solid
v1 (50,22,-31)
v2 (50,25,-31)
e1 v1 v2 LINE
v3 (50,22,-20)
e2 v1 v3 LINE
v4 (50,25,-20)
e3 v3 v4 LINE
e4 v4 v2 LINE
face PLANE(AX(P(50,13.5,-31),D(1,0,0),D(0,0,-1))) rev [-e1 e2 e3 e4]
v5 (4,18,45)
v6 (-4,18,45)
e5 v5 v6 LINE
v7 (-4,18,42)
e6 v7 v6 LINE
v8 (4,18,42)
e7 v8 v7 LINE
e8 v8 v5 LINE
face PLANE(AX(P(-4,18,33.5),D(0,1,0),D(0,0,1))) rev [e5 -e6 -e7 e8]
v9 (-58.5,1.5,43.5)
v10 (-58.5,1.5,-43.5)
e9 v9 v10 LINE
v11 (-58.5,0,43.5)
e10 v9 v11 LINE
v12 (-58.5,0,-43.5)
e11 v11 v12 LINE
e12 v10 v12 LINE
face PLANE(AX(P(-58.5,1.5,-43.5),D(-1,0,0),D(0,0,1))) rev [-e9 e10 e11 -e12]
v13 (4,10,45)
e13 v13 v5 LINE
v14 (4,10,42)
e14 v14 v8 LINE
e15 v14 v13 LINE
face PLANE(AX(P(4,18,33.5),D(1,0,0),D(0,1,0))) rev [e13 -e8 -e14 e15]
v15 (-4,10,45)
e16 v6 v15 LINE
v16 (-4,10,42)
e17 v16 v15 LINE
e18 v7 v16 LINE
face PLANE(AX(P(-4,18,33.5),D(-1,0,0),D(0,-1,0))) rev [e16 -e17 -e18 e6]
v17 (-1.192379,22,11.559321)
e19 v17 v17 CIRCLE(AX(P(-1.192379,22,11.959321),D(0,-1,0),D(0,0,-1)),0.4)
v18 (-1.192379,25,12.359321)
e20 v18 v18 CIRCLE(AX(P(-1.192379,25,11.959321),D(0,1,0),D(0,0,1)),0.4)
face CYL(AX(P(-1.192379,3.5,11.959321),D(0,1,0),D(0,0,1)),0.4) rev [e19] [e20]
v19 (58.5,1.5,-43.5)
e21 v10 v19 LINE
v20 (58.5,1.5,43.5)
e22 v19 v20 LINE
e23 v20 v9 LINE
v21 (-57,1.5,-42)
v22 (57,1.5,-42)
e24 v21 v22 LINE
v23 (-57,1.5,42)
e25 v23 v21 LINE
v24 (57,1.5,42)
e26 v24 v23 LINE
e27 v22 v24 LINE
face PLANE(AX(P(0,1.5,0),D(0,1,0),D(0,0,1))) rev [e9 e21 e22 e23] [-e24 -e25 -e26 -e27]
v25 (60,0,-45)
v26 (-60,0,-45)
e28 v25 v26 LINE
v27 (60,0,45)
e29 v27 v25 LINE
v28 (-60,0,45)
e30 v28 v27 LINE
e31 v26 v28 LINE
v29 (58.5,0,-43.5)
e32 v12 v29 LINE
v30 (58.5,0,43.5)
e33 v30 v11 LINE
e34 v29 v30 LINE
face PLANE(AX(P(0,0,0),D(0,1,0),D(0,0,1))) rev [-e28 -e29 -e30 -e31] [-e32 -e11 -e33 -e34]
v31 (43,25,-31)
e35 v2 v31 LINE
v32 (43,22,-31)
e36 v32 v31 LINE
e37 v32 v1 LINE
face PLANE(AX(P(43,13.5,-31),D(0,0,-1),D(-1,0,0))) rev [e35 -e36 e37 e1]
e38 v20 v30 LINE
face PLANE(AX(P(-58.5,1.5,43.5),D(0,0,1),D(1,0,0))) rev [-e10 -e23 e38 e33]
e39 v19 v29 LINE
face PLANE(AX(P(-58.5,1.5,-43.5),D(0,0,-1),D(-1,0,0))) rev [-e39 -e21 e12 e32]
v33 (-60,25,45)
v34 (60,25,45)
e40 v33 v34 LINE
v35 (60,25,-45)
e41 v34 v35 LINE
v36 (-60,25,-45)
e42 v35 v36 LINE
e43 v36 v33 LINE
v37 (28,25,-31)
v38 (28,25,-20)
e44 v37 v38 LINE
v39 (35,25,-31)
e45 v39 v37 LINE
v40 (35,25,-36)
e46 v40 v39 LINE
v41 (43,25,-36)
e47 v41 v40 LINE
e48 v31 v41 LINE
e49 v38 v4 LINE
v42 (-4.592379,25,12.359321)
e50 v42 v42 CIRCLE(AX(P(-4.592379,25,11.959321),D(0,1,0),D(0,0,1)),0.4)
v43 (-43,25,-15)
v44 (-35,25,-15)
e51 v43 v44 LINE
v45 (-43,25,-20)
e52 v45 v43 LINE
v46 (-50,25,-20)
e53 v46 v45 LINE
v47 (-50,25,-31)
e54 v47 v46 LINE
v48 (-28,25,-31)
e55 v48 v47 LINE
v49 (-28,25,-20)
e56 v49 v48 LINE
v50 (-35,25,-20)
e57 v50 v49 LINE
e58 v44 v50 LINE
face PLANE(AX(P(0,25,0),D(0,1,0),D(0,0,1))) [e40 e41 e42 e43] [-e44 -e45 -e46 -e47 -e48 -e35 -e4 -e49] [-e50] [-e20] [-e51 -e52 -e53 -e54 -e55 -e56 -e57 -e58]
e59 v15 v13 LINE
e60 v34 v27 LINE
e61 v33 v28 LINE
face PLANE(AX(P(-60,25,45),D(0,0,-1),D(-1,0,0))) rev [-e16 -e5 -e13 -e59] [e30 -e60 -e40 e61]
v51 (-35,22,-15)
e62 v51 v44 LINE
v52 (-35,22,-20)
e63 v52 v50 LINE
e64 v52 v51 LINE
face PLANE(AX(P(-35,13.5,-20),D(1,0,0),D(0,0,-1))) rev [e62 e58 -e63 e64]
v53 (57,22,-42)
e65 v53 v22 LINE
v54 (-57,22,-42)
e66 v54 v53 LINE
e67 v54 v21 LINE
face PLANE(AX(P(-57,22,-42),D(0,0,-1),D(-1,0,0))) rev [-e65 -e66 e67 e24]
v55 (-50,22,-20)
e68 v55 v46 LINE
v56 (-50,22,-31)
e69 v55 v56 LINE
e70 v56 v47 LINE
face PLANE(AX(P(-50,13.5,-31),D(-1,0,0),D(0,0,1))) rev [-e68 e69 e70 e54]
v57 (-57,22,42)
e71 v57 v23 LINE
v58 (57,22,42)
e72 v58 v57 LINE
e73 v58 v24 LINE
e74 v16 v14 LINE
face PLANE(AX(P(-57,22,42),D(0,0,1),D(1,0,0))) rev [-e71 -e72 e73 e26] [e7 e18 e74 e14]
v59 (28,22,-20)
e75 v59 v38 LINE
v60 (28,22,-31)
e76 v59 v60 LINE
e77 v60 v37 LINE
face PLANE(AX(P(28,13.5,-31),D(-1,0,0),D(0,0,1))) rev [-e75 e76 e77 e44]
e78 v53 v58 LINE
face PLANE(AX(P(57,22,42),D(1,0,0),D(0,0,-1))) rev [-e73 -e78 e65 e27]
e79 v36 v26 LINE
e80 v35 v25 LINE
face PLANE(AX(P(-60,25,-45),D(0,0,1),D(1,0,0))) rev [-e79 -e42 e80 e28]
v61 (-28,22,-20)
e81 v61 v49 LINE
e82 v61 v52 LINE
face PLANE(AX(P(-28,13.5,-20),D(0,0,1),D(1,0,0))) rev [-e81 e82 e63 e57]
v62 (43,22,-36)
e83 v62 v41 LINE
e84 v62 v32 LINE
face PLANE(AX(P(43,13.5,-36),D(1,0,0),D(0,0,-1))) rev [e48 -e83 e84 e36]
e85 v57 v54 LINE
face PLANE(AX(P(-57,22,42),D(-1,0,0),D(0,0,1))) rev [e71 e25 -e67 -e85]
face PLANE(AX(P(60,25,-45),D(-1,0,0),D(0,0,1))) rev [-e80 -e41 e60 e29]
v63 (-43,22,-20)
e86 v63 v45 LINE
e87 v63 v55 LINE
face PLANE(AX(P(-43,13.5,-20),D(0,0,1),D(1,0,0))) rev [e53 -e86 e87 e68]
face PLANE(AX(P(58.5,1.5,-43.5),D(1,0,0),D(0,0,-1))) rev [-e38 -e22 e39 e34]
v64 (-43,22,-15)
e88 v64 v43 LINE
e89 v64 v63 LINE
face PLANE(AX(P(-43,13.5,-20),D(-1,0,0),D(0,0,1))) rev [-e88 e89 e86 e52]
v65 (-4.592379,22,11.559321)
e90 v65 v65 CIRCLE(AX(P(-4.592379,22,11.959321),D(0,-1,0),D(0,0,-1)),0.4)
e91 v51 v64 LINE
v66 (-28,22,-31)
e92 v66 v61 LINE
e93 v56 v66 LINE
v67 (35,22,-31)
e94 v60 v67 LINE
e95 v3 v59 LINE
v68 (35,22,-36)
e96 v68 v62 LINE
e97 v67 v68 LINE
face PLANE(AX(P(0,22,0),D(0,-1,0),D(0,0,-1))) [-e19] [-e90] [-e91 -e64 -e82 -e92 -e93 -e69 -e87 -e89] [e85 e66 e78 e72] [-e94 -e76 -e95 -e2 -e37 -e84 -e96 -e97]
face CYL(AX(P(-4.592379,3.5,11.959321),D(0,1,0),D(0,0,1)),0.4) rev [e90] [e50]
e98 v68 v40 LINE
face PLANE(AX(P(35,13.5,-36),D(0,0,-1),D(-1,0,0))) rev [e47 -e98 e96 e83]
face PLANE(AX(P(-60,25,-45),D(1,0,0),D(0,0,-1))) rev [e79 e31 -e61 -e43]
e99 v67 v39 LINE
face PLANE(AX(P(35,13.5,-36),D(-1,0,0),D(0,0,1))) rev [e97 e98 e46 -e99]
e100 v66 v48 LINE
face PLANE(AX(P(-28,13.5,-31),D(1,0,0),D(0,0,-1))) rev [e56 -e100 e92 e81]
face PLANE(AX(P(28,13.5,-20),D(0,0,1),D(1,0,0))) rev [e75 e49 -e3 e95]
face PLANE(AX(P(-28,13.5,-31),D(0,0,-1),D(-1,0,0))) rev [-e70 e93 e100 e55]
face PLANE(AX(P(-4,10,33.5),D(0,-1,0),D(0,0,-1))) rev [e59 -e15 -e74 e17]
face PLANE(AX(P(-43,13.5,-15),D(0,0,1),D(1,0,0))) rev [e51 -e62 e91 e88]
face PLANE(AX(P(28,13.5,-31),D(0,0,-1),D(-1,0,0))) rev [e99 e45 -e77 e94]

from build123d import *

# Parameters (mm, degrees)
SKETCH1_W           = 120
SKETCH1_H           = 90
BOSS_EXTRUDE1_DEPTH = 25
SKETCH2_W           = 114
SKETCH2_H           = 84
CUT_EXTRUDE1_DEPTH  = 22
SKETCH3_W           = 117
SKETCH3_H           = 87
CUT_EXTRUDE2_DEPTH  = 1.5
CUT_EXTRUDE3_DEPTH  = 11.5
SKETCH5_W           = 8
SKETCH5_H           = 8
CUT_EXTRUDE4_DEPTH  = 11.5
SKETCH6_R           = 0.4
CUT_EXTRUDE6_DEPTH  = 21.5


with BuildPart() as part:
    # Sketch1 → Boss-Extrude1 (new body)
    with BuildSketch(Plane(origin=(0, 0, 0), x_dir=(1, 0, 0), z_dir=(0, 1, 0))):
        Rectangle(SKETCH1_W, SKETCH1_H)
    extrude(amount=BOSS_EXTRUDE1_DEPTH)

    # Sketch2 → Cut-Extrude1 (cut)
    with BuildSketch(Plane.XZ):
        Rectangle(SKETCH2_W, SKETCH2_H)
    extrude(amount=-CUT_EXTRUDE1_DEPTH, mode=Mode.SUBTRACT)

    # Sketch3 → Cut-Extrude2 (cut)
    with BuildSketch(Plane.XZ):
        Rectangle(SKETCH3_W, SKETCH3_H)
    extrude(amount=-CUT_EXTRUDE2_DEPTH, mode=Mode.SUBTRACT)

    # Sketch4 → Cut-Extrude3 (cut)
    with BuildSketch(Plane(origin=(0, 25, 0), x_dir=(1, 0, 0), z_dir=(0, 1, 0))):
        Polygon((28, 31), (35, 31), (35, 36), (43, 36), (43, 31), (50, 31), (50, 20), (28, 20), align=None)
        Polygon((-50, 31), (-50, 20), (-43, 20), (-43, 15), (-35, 15), (-35, 20), (-28, 20), (-28, 31), align=None)
    extrude(amount=-CUT_EXTRUDE3_DEPTH, mode=Mode.SUBTRACT)

    # Sketch5 → Cut-Extrude4 (cut)
    with BuildSketch(Plane.XY.offset(45)):
        with Locations((0, 14)):
            Rectangle(SKETCH5_W, SKETCH5_H)
    extrude(amount=-CUT_EXTRUDE4_DEPTH, mode=Mode.SUBTRACT)

    # Sketch6 → Cut-Extrude6 (cut)
    with BuildSketch(Plane(origin=(0, 25, 0), x_dir=(1, 0, 0), z_dir=(0, 1, 0))):
        with Locations((-4.59237925, -11.959320964)):
            Circle(SKETCH6_R)
        with Locations((-1.19237925, -11.959320964)):
            Circle(SKETCH6_R)
    extrude(amount=-CUT_EXTRUDE6_DEPTH, mode=Mode.SUBTRACT)


solid = part.part
